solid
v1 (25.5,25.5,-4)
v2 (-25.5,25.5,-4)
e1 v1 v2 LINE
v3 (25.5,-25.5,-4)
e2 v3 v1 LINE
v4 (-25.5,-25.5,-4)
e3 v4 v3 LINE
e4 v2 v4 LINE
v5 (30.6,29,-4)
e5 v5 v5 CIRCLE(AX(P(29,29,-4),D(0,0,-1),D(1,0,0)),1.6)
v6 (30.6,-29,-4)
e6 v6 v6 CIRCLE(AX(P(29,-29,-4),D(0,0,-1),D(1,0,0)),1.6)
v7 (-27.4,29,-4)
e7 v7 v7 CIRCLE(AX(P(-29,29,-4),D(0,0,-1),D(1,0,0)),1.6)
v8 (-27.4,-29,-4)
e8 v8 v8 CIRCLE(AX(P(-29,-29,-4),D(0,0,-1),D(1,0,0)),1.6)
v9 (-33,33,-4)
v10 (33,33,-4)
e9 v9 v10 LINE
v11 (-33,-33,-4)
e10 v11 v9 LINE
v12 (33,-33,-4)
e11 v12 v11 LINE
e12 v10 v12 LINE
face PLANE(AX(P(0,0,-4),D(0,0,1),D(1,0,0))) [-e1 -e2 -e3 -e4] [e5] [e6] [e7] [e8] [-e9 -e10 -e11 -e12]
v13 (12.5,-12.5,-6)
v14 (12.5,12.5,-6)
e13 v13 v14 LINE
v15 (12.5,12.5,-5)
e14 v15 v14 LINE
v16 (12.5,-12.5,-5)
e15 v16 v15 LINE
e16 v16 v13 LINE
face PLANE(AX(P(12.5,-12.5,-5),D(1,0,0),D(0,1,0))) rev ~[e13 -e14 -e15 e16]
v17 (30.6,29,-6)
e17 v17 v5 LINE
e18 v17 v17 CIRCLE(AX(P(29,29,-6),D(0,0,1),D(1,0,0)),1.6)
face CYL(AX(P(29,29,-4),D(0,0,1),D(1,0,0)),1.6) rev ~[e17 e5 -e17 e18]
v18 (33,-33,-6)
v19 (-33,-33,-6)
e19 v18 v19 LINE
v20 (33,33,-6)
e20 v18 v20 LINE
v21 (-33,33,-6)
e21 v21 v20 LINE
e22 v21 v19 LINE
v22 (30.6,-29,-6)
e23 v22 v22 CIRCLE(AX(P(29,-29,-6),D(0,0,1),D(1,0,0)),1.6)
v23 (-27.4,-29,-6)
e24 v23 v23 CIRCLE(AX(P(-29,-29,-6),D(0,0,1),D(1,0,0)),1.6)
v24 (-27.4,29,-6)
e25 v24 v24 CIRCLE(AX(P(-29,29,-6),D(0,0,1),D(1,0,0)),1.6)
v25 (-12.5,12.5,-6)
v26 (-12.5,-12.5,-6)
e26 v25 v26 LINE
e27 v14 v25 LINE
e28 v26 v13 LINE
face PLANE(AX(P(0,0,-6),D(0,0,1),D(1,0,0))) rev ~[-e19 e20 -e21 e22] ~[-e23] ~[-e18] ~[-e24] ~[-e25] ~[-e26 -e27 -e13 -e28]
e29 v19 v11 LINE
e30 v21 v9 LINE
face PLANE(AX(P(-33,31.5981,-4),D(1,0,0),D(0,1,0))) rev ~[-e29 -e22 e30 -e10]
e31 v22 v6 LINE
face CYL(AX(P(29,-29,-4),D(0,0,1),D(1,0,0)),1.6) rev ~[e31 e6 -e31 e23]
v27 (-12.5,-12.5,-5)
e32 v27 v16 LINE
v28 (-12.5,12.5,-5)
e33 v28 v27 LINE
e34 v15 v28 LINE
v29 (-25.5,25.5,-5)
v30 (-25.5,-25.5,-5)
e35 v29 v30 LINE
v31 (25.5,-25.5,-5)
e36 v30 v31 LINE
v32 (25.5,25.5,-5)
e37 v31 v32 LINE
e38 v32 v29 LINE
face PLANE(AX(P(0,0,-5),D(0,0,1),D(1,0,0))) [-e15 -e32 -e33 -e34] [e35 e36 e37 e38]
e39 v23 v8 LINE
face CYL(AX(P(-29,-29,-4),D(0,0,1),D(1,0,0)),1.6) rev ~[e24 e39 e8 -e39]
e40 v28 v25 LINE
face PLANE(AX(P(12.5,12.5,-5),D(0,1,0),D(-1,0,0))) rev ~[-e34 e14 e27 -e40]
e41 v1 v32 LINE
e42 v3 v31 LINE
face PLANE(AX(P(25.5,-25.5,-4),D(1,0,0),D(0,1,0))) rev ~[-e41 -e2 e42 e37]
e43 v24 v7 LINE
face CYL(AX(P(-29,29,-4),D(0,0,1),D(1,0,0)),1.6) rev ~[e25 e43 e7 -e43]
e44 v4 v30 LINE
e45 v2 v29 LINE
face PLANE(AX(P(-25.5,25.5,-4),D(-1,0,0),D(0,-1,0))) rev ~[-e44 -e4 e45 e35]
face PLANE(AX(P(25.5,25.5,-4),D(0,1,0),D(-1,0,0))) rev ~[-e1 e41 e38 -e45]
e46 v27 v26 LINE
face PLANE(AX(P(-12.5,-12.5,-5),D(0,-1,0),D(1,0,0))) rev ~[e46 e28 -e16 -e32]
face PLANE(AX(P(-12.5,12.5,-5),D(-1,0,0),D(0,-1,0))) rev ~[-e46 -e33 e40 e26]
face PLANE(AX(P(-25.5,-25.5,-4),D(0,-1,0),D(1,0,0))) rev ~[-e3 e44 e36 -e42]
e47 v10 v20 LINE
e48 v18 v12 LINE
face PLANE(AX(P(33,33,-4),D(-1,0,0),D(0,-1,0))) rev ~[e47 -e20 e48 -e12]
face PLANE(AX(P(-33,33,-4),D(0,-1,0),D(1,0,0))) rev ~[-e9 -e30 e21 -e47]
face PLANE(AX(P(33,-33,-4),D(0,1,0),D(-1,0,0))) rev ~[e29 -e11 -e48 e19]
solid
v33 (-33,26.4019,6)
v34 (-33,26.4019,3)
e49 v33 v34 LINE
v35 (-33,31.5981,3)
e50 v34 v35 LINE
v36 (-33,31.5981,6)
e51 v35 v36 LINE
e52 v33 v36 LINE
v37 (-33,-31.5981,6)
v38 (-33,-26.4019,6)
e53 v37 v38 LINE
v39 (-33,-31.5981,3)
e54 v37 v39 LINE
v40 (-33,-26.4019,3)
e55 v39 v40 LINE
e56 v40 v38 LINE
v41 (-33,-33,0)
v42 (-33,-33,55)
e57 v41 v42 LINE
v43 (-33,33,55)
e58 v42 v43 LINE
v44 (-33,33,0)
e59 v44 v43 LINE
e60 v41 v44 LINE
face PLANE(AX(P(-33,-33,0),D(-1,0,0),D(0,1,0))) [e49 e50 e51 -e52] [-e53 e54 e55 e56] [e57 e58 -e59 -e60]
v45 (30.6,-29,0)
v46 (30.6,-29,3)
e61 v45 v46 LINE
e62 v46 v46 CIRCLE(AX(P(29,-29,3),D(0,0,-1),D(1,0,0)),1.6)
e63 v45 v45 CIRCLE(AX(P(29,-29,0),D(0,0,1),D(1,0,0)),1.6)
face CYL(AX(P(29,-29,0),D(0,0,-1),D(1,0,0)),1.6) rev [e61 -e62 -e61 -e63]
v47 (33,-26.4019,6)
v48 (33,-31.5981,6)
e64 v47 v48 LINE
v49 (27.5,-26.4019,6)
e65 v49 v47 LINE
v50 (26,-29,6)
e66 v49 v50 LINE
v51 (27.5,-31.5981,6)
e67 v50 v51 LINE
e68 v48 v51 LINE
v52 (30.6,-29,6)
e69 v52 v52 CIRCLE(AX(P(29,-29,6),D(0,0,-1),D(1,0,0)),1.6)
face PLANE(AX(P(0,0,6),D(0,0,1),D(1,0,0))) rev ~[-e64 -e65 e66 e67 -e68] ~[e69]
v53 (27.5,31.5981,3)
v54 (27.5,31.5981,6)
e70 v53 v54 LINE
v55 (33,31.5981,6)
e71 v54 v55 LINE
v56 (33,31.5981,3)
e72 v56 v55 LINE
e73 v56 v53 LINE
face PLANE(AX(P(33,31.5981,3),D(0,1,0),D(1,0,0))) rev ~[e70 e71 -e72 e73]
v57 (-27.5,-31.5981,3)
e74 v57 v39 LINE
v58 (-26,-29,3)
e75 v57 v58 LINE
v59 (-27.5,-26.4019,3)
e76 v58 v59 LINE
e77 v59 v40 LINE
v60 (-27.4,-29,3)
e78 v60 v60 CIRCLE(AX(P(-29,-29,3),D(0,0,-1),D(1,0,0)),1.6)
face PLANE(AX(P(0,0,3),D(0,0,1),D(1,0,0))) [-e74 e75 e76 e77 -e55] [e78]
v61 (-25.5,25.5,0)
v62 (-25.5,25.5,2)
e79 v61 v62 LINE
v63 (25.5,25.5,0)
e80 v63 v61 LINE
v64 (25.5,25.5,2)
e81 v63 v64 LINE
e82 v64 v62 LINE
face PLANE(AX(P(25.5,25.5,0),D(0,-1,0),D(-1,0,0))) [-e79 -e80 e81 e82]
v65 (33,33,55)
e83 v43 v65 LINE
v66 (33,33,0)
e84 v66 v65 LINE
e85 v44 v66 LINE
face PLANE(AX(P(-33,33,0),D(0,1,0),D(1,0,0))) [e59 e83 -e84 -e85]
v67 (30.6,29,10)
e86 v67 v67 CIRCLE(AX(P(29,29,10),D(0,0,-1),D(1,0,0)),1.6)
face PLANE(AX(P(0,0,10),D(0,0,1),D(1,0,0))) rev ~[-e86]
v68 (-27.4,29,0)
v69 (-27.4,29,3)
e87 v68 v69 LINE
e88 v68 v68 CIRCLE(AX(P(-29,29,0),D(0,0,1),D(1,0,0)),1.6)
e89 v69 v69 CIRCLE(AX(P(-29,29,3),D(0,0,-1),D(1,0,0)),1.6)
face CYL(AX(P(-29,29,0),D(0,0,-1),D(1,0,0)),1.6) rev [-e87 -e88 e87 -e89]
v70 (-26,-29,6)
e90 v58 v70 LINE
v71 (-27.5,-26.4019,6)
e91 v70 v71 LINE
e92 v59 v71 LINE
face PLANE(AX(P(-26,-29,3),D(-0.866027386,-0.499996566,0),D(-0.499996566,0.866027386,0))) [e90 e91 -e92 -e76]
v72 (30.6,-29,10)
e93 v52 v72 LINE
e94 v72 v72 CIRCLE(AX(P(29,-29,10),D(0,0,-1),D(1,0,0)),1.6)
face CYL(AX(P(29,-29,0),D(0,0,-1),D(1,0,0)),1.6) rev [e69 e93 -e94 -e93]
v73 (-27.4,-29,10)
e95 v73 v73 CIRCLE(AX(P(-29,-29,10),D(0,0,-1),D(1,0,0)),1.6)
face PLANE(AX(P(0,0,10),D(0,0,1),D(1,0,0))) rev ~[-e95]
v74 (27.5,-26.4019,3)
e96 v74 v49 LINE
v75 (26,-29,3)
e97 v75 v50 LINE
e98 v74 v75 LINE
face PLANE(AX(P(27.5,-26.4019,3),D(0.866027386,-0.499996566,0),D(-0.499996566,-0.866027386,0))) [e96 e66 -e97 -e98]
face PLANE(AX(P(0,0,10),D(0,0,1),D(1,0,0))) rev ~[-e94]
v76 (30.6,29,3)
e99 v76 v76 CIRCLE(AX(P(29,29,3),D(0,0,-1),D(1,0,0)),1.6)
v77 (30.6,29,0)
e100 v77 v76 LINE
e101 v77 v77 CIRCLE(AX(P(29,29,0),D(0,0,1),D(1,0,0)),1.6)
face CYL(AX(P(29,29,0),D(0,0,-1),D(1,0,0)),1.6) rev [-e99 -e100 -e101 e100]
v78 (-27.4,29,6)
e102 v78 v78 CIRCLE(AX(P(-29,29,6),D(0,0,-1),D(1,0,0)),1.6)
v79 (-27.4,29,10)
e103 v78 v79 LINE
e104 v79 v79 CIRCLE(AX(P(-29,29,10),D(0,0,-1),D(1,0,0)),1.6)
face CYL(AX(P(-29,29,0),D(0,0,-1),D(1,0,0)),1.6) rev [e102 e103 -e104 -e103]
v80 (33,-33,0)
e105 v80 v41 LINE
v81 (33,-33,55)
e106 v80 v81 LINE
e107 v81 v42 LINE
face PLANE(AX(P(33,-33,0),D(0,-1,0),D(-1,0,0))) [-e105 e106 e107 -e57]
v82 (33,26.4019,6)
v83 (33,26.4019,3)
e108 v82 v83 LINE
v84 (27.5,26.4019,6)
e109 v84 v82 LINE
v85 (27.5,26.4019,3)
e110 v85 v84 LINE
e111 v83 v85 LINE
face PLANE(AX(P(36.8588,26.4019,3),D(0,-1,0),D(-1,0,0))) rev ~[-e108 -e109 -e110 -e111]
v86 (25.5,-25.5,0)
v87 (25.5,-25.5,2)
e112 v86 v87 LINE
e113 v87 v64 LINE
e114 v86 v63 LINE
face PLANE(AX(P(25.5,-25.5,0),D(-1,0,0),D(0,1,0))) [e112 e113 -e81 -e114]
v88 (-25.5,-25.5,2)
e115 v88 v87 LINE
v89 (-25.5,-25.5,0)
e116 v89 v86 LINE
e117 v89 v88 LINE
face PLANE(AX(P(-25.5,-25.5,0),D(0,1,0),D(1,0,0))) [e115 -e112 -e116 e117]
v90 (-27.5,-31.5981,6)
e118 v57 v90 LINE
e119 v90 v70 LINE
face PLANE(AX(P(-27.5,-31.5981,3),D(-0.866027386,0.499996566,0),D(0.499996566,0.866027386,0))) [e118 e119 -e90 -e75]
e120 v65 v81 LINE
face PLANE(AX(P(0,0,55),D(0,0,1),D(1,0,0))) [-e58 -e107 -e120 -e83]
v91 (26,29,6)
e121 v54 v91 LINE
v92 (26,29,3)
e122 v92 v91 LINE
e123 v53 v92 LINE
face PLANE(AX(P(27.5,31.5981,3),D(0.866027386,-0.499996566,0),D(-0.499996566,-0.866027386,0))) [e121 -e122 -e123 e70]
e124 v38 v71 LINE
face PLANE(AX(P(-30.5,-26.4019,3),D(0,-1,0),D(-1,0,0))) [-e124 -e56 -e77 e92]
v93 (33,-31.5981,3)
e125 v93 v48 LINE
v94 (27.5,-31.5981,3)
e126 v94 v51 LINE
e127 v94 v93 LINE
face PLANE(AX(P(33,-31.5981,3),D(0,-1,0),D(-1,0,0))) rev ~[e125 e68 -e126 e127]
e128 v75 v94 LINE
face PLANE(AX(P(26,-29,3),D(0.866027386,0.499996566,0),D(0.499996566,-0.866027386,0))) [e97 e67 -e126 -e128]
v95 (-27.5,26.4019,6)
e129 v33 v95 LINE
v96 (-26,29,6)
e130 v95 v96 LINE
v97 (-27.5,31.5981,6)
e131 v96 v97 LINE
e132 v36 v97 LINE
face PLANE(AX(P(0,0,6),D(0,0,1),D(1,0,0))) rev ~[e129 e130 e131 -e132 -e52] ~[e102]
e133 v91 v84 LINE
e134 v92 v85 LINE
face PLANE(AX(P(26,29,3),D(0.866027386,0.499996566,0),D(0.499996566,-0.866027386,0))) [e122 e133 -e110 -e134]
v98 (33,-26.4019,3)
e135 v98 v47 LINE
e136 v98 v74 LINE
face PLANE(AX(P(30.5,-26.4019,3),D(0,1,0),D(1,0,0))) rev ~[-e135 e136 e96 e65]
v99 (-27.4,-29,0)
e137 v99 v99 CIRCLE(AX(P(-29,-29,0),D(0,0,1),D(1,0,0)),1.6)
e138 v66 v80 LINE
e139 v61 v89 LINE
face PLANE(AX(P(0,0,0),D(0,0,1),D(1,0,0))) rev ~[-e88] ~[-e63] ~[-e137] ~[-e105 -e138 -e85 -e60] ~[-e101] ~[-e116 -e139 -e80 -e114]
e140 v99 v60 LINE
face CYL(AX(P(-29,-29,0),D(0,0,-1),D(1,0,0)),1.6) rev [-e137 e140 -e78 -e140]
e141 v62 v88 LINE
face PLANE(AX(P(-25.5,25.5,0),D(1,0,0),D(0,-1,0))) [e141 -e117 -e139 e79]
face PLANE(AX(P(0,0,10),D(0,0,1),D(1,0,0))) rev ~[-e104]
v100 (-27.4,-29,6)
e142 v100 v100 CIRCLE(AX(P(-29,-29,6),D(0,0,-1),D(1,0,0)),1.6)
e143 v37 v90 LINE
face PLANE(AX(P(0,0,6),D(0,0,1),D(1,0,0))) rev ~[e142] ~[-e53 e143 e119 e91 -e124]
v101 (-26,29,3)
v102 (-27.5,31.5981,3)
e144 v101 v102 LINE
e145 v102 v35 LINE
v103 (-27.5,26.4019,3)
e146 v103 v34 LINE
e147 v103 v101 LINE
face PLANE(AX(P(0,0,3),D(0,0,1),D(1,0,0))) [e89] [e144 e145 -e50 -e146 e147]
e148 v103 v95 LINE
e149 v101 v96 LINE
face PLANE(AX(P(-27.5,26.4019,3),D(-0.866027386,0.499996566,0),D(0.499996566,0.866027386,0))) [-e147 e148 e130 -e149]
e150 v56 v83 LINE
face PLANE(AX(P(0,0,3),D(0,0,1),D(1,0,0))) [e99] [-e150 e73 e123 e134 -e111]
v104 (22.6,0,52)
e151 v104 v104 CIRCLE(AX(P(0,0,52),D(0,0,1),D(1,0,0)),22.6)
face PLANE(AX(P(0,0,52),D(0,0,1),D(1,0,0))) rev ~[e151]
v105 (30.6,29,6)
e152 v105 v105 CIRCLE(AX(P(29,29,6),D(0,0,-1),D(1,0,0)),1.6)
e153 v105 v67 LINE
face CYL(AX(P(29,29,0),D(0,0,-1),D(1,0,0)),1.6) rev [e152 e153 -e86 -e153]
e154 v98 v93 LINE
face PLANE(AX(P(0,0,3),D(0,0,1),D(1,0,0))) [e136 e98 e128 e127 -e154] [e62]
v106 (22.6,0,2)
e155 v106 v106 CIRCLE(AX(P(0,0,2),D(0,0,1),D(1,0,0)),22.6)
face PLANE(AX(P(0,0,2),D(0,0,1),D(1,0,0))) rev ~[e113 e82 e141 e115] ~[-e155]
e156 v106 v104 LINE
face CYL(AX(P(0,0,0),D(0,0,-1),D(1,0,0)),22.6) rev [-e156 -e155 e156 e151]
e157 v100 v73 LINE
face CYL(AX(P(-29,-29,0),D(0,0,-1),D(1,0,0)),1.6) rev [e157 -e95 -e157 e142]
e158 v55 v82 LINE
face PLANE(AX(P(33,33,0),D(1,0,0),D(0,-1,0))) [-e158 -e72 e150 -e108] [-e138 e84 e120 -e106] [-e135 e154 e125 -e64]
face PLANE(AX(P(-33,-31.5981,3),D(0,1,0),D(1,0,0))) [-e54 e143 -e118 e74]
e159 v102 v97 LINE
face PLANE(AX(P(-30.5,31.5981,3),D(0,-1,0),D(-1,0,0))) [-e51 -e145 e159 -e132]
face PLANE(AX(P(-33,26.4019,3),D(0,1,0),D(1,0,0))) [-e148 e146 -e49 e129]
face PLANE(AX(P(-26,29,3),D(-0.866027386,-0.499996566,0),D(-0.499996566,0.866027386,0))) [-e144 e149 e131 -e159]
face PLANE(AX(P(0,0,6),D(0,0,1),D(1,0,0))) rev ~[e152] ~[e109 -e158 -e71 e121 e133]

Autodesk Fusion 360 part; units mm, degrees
sketch "Sketch1" plane through (0, 0, 0) normal (0, 0, 1) x (1, 0, 0)
  line L0 (25.5, 25.5) -> (-25.5, 25.5)
  line L1 (-25.5, 25.5) -> (-25.5, -25.5)
  line L2 (-25.5, -25.5) -> (25.5, -25.5)
  line L3 (25.5, -25.5) -> (25.5, 25.5)
  line L4 (25.5, 25.5) -> (-25.5, -25.5) construction
  line L5 (-25.5, 25.5) -> (25.5, -25.5) construction
  circle A0 centre (0, 0) radius 22.6
  line L6 (-33, 33) -> (33, 33)
  line L7 (33, 33) -> (33, -33)
  line L8 (33, -33) -> (-33, -33)
  line L9 (-33, -33) -> (-33, 33)
  line L10 (-33, 33) -> (33, -33) construction
  line L11 (33, 33) -> (-33, -33) construction
  circle A1 centre (-29, 29) radius 1.6
  circle A2 centre (29, 29) radius 1.6
  circle A3 centre (-29, -29) radius 1.6
  circle A4 centre (29, -29) radius 1.6
  line L12 (-12.5, -12.5) -> (12.5, -12.5)
  line L13 (12.5, -12.5) -> (12.5, 12.5)
  line L14 (12.5, 12.5) -> (-12.5, 12.5)
  line L15 (-12.5, 12.5) -> (-12.5, -12.5)
  line L16 (-12.5, -12.5) -> (12.5, 12.5) construction
  line L17 (12.5, -12.5) -> (-12.5, 12.5) construction
  line L18 (-26, 29) -> (-27.5, 31.5981)
  line L19 (-27.5, 31.5981) -> (-30.5, 31.5981)
  line L20 (-30.5, 31.5981) -> (-32, 29)
  line L21 (-32, 29) -> (-30.5, 26.4019)
  line L22 (-30.5, 26.4019) -> (-27.5, 26.4019)
  line L23 (-27.5, 26.4019) -> (-26, 29)
  line L24 (30.5, 31.5981) -> (27.5, 31.5981)
  line L25 (32, 29) -> (30.5, 31.5981)
  line L26 (30.5, 26.4019) -> (32, 29)
  line L27 (27.5, 26.4019) -> (30.5, 26.4019)
  line L28 (26, 29) -> (27.5, 26.4019)
  line L29 (27.5, 31.5981) -> (26, 29)
  line L30 (-27.5, -26.4019) -> (-30.5, -26.4019)
  line L31 (-26, -29) -> (-27.5, -26.4019)
  line L32 (-27.5, -31.5981) -> (-26, -29)
  line L33 (-30.5, -31.5981) -> (-27.5, -31.5981)
  line L34 (-32, -29) -> (-30.5, -31.5981)
  line L35 (-30.5, -26.4019) -> (-32, -29)
  line L36 (30.5, -26.4019) -> (27.5, -26.4019)
  line L37 (32, -29) -> (30.5, -26.4019)
  line L38 (30.5, -31.5981) -> (32, -29)
  line L39 (27.5, -31.5981) -> (30.5, -31.5981)
  line L40 (26, -29) -> (27.5, -31.5981)
  line L41 (27.5, -26.4019) -> (26, -29)
  line L42 (-27.5, 31.5981) -> (-36.4083, 31.5981)
  line L43 (-36.4083, 31.5981) -> (-36.4083, 26.4019)
  line L44 (-36.4083, 26.4019) -> (-27.5, 26.4019)
  line L45 (-27.5, 26.4019) -> (-27.5, 31.5981)
  line L46 (-27.5, -26.4019) -> (-35.7888, -26.4019)
  line L47 (-35.7888, -26.4019) -> (-35.7888, -31.5981)
  line L48 (-35.7888, -31.5981) -> (-27.5, -31.5981)
  line L49 (-27.5, -31.5981) -> (-27.5, -26.4019)
  line L50 (27.5, 31.5981) -> (36.8588, 31.5981)
  line L51 (36.8588, 31.5981) -> (36.8588, 26.4019)
  line L52 (36.8588, 26.4019) -> (27.5, 26.4019)
  line L53 (27.5, 26.4019) -> (27.5, 31.5981)
  line L54 (27.5, -26.4019) -> (36.5392, -26.4019)
  line L55 (36.5392, -26.4019) -> (36.5392, -31.5981)
  line L56 (36.5392, -31.5981) -> (27.5, -31.5981)
  line L57 (27.5, -31.5981) -> (27.5, -26.4019)
  point P0 (29, 29)
  point P1 (-29, -29)
  point P2 (29, -29)
  point P3 (-29, 29)
  dimension "d1" = 51
  dimension "d2" = 51
  dimension "d3" = 45.2
  dimension "d4" = 66
  dimension "d5" = 66
  dimension "d6" = 3.2
  dimension "d9" = 58
  dimension "d10" = -58
  dimension "d13" = 58
  dimension "d14" = -58
  dimension "d23" = 25
  dimension "d24" = 25
  dimension "d28" = 3
  dimension "d31" = 58
  dimension "d32" = -58
extrude "Extrude1" add sketch "Sketch1" along normal blind 55 contours L0 L1 L2 L3 | A0 | L6 L7 L8 L9 L18 L19 L22 L23 L24 L27 L28 L29 L30 L31 L32 L33 L36 L39 L40 L41 L42 L44 L46 L48 L50 L52 L54 L56 | L9 L20 L21 L42 L44 | L7 L25 L26 L50 L52 | A1 L19 L20 L21 L22 L42 L44 L45 | A2 L24 L25 L26 L27 L50 L52 L53 | L9 L34 L35 L46 L48 | A1 L18 L23 L45 | L7 L37 L38 L54 L56 | A2 L28 L29 L53 | A3 L30 L33 L34 L35 L46 L48 L49 | A1 L45 | A1 L45 | A4 L36 L37 L38 L39 L54 L56 L57 | A2 L53 | A2 L53 | A3 L31 L32 L49 | A4 L40 L41 L57 | A3 L49 | A3 L49 | A4 L57 | A4 L57 | L12 L13 L14 L15 makes body 1
extrude "Extrude2" cut sketch "Sketch1" along normal blind 52 contours A0 | L12 L13 L14 L15 bodies 1
extrude "Extrude3" cut sketch "Sketch1" along normal blind 2 contours L0 L1 L2 L3 bodies 1
extrude "Extrude4" cut sketch "Sketch1" along normal blind 10 contours A1 L45 | A1 L45 | A2 L53 | A2 L53 | A3 L49 | A3 L49 | A4 L57 | A4 L57 bodies 1
extrude "Extrude5" add sketch "Sketch1" against normal blind 1 from surface at -5 separate body contours L0 L1 L2 L3 | A0 | L6 L7 L8 L9 L18 L19 L22 L23 L24 L27 L28 L29 L30 L31 L32 L33 L36 L39 L40 L41 L42 L44 L46 L48 L50 L52 L54 L56 | L9 L20 L21 L42 L44 | L7 L25 L26 L50 L52 | A1 L19 L20 L21 L22 L42 L44 L45 | A2 L24 L25 L26 L27 L50 L52 L53 | L9 L34 L35 L46 L48 | A1 L18 L23 L45 | L7 L37 L38 L54 L56 | A2 L28 L29 L53 | A3 L30 L33 L34 L35 L46 L48 L49 | A4 L36 L37 L38 L39 L54 L56 L57 | A3 L31 L32 L49 | A4 L40 L41 L57 makes body 2
extrude "Extrude6" cut sketch "Sketch1" along normal blind 3 from surface at 3 contours L9 L20 L21 L42 L44 | L9 L42 L43 L44 | L7 L50 L51 L52 | L7 L25 L26 L50 L52 | A1 L19 L20 L21 L22 L42 L44 L45 | A2 L24 L25 L26 L27 L50 L52 L53 | L9 L34 L35 L46 L48 | L9 L46 L47 L48 | A1 L18 L23 L45 | L7 L37 L38 L54 L56 | A2 L28 L29 L53 | A3 L30 L33 L34 L35 L46 L48 L49 | A1 L45 | A1 L45 | A4 L36 L37 L38 L39 L54 L56 L57 | A2 L53 | A2 L53 | A3 L31 L32 L49 | A4 L40 L41 L57 | A3 L49 | A3 L49 | A4 L57 | A4 L57 bodies 1
extrude "Extrude7" add sketch "Sketch1" against normal blind 1 from surface at -4 contours L6 L7 L8 L9 L18 L19 L22 L23 L24 L27 L28 L29 L30 L31 L32 L33 L36 L39 L40 L41 L42 L44 L46 L48 L50 L52 L54 L56 | L9 L20 L21 L42 L44 | L7 L25 L26 L50 L52 | A1 L19 L20 L21 L22 L42 L44 L45 | A2 L24 L25 L26 L27 L50 L52 L53 | L9 L34 L35 L46 L48 | A1 L18 L23 L45 | L7 L37 L38 L54 L56 | A2 L28 L29 L53 | A3 L30 L33 L34 L35 L46 L48 L49 | A4 L36 L37 L38 L39 L54 L56 L57 | A3 L31 L32 L49 | A4 L40 L41 L57 bodies 2
